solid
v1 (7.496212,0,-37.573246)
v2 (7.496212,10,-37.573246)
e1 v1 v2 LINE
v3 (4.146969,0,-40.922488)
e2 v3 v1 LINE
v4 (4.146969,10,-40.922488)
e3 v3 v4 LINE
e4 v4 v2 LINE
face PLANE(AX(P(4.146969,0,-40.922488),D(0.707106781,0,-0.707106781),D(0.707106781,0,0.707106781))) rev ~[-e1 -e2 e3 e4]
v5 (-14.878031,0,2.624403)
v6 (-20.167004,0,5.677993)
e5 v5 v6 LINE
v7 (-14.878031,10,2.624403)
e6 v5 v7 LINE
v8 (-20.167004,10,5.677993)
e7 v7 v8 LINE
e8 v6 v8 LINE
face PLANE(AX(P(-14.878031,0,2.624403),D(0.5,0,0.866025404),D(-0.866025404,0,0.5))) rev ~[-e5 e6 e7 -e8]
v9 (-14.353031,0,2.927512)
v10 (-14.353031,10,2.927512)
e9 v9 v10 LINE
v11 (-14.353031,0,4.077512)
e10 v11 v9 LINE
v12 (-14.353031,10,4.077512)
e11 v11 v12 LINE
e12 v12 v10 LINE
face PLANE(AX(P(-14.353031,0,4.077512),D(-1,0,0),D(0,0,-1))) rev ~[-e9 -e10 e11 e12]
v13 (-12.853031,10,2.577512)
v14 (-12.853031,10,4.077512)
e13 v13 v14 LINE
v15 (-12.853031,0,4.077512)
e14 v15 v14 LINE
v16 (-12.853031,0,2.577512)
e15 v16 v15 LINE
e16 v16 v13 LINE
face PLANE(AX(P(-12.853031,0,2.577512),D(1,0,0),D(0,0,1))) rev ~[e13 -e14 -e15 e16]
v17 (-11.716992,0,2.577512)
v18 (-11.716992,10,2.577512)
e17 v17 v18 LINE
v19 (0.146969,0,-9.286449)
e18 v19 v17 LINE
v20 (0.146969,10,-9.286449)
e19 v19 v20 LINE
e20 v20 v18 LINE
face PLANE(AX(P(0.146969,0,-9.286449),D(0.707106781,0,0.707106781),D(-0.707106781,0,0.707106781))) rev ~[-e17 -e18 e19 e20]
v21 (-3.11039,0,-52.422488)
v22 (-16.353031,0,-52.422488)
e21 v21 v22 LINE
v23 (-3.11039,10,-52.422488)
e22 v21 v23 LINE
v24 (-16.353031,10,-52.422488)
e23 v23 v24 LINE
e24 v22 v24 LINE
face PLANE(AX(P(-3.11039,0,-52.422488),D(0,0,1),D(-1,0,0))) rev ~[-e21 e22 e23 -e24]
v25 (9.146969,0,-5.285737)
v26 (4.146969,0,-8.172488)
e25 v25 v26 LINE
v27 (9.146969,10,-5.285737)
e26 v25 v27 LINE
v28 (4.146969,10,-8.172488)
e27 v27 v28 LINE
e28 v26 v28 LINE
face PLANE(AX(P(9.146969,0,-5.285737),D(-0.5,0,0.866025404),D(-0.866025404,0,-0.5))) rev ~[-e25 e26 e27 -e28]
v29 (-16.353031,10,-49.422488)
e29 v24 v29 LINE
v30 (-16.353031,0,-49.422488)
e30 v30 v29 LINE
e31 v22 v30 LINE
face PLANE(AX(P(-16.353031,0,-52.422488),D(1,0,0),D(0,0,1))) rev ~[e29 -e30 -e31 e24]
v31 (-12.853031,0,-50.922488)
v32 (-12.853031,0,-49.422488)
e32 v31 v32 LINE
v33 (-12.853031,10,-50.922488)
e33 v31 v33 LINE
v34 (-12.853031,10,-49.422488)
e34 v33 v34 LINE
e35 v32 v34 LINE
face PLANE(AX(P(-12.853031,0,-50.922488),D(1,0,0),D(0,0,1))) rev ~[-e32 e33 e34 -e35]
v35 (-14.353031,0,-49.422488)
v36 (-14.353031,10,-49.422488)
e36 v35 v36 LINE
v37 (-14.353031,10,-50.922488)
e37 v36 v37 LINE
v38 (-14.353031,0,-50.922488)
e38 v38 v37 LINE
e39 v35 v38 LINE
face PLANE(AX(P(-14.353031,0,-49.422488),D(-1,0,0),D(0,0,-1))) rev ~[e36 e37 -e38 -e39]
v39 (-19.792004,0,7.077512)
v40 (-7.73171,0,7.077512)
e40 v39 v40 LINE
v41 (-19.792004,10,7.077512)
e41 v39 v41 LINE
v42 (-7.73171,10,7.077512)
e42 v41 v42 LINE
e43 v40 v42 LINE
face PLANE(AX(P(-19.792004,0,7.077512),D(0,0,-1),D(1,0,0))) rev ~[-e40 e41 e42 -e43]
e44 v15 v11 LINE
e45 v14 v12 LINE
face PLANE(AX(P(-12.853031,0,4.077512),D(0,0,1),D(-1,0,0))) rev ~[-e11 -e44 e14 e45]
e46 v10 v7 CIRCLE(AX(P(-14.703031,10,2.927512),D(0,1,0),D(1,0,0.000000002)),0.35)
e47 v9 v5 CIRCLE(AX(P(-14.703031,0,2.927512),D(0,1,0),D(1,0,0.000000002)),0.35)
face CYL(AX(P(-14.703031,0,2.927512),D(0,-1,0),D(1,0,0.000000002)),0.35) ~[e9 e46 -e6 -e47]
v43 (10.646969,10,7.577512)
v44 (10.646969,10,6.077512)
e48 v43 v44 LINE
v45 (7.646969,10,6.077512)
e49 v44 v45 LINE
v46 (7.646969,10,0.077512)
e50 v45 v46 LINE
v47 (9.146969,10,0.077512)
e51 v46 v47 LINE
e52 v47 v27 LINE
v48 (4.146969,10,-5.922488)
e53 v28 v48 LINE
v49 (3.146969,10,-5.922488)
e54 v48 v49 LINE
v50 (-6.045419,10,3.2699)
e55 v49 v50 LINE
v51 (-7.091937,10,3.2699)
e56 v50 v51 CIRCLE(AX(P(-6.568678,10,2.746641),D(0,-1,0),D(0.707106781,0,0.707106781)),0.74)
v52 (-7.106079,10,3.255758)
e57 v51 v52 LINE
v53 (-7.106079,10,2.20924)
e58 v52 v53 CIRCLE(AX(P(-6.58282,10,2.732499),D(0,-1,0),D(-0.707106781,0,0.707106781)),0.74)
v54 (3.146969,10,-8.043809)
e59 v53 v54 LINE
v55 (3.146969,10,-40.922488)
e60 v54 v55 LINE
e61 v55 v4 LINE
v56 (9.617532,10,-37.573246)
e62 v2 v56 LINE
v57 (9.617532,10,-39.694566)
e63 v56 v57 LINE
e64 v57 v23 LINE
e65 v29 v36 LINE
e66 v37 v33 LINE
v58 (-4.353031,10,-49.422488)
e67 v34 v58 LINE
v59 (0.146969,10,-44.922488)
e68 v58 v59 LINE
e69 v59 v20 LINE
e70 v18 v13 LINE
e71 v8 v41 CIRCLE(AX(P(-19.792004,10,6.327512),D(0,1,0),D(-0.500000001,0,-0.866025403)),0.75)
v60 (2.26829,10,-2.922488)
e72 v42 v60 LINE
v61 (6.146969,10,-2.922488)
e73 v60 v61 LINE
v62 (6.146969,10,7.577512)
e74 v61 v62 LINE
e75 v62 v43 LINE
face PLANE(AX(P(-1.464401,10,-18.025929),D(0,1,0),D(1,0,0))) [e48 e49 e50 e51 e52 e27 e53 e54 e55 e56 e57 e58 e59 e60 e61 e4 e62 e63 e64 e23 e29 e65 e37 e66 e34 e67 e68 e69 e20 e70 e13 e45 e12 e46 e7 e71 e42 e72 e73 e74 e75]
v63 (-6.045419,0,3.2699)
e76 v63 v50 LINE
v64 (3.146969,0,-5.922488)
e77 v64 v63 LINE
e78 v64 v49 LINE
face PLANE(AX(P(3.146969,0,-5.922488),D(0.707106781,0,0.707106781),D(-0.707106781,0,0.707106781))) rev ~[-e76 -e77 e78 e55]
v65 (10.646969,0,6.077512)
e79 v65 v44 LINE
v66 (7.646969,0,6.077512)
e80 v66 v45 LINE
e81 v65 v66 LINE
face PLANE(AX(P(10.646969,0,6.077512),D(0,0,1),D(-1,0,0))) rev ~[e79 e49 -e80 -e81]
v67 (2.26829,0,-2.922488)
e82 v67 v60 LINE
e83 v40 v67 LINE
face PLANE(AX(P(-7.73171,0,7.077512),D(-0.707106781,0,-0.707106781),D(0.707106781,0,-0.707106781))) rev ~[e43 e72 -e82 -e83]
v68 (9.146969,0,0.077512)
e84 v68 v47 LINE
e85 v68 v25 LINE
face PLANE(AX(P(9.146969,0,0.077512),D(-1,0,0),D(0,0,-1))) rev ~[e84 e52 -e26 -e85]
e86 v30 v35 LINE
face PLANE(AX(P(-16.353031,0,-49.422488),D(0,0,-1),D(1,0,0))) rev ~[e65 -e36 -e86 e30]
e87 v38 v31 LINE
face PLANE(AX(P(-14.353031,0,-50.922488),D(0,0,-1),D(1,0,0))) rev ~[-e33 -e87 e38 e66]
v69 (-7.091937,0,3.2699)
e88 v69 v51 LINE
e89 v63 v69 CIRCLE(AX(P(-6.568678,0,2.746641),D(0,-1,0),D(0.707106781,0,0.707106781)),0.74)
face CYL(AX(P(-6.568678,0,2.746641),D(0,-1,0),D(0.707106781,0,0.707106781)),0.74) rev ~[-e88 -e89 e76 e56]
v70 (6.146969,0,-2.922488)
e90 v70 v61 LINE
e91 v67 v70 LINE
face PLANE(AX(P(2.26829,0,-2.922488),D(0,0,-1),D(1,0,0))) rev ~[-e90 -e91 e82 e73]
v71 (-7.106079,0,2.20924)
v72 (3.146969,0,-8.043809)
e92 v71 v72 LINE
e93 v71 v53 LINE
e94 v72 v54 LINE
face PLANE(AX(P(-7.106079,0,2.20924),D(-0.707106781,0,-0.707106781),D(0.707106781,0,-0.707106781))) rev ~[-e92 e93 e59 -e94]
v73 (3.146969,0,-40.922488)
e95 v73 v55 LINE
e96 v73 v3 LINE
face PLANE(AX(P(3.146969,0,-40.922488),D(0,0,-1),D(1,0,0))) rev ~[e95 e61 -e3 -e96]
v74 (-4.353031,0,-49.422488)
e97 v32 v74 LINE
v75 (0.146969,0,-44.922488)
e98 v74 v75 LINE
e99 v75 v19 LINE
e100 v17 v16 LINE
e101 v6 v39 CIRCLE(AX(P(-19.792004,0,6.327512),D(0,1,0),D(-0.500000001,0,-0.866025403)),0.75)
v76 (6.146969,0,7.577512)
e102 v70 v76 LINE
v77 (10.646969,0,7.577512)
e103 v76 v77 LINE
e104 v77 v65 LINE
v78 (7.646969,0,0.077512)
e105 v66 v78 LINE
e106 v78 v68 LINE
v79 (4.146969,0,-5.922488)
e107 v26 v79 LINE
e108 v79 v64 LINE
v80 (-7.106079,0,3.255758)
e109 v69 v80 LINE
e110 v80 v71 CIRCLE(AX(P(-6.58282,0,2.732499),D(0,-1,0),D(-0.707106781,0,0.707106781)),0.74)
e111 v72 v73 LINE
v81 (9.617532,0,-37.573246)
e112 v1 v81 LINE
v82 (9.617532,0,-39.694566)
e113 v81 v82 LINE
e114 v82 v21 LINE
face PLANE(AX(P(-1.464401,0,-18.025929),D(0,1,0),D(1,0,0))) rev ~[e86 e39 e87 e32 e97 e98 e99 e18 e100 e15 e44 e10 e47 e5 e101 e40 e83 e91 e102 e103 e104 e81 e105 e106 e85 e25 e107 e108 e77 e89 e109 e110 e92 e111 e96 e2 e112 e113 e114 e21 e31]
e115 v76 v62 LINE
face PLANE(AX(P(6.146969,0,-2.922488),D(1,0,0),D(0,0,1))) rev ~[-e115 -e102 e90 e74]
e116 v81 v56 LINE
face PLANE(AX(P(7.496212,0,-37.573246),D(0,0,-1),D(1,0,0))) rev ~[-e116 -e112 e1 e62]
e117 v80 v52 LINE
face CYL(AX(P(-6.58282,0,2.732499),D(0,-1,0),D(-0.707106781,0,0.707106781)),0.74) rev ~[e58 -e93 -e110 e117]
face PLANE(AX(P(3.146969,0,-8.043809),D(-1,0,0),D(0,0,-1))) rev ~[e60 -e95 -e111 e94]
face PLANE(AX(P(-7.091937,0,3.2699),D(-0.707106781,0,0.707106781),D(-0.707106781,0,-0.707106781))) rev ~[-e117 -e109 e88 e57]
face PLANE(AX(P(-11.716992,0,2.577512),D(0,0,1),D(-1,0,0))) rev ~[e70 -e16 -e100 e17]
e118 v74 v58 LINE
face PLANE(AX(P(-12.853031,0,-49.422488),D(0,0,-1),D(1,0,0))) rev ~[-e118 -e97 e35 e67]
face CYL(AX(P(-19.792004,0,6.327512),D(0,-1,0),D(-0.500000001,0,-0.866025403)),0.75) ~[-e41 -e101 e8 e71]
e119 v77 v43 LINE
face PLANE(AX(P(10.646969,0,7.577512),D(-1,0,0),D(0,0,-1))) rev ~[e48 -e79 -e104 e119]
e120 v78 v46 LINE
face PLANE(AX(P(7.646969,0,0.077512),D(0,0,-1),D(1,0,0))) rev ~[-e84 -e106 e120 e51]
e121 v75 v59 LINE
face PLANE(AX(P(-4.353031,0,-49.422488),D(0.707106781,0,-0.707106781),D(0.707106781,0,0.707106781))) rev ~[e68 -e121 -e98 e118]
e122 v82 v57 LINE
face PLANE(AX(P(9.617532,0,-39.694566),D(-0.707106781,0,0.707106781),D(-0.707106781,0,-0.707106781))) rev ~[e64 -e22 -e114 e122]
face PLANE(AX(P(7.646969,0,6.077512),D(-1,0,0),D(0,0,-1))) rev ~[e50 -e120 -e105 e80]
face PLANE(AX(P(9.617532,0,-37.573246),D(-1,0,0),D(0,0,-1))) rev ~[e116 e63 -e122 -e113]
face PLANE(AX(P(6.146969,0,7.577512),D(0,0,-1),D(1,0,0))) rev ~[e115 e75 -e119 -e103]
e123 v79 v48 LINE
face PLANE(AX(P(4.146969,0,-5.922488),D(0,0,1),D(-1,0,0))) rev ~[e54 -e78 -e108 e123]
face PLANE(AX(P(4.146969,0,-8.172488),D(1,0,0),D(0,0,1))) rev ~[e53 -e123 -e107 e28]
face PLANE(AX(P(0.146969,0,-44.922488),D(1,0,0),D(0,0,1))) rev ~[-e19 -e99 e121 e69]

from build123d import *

# Parameters (mm, degrees)
EXTRUDE_2_DEPTH = 10


with BuildPart() as part:
    # Эскиз2 → Бобышка-Вытянуть2 (new body)
    with BuildSketch(Plane(origin=(0, 0, 0), x_dir=(1, 0, 0), z_dir=(0, 1, 0))):
        with BuildLine():
            Line((-12.853030774, -2.577511611), (-12.853030774, -4.077511611))
            Line((-12.853030774, -4.077511611), (-14.353030774, -4.077511611))
            Line((-14.353030774, -4.077511611), (-14.353030774, -2.927511611))
            ThreePointArc((-14.353030774, -2.927511611), (-14.528030774, -2.624402719), (-14.878030774, -2.624402719))
            Line((-14.878030774, -2.624402719), (-20.16700352, -5.677992558))
            ThreePointArc((-20.16700352, -5.677992558), (-20.516447889, -6.521625894), (-19.79200352, -7.077511611))
            Line((-19.79200352, -7.077511611), (-7.73171043, -7.077511611))
            Line((-7.73171043, -7.077511611), (2.26828957, 2.922488389))
            Line((2.26828957, 2.922488389), (6.146969226, 2.922488389))
            Line((6.146969226, 2.922488389), (6.146969226, -7.577511611))
            Line((6.146969226, -7.577511611), (10.646969226, -7.577511611))
            Line((10.646969226, -7.577511611), (10.646969226, -6.077511611))
            Line((10.646969226, -6.077511611), (7.646969226, -6.077511611))
            Line((7.646969226, -6.077511611), (7.646969226, -0.077511611))
            Line((7.646969226, -0.077511611), (9.146969226, -0.077511611))
            Line((9.146969226, -0.077511611), (9.146969226, 5.285737044))
            Line((9.146969226, 5.285737044), (4.146969226, 8.172488389))
            Line((4.146969226, 8.172488389), (4.146969226, 5.922488389))
            Line((4.146969226, 5.922488389), (3.146969226, 5.922488389))
            Line((3.146969226, 5.922488389), (-6.045418929, -3.269899766))
            ThreePointArc((-6.045418929, -3.269899766), (-6.568677947, -3.486640748), (-7.091936965, -3.269899766))
            Line((-7.091936965, -3.269899766), (-7.106079101, -3.25575763))
            ThreePointArc((-7.106079101, -3.25575763), (-7.322820083, -2.732498612), (-7.106079101, -2.209239594))
            Line((-7.106079101, -2.209239594), (3.146969226, 8.043808733))
            Line((3.146969226, 8.043808733), (3.146969226, 40.922488389))
            Line((3.146969226, 40.922488389), (4.146969226, 40.922488389))
            Line((4.146969226, 40.922488389), (7.496211631, 37.573245985))
            Line((7.496211631, 37.573245985), (9.617531975, 37.573245985))
            Line((9.617531975, 37.573245985), (9.617531975, 39.694566328))
            Line((9.617531975, 39.694566328), (-3.110390087, 52.422488389))
            Line((-3.110390087, 52.422488389), (-16.353030774, 52.422488389))
            Line((-16.353030774, 52.422488389), (-16.353030774, 49.422488389))
            Line((-16.353030774, 49.422488389), (-14.353030774, 49.422488389))
            Line((-14.353030774, 49.422488389), (-14.353030774, 50.922488389))
            Line((-14.353030774, 50.922488389), (-12.853030774, 50.922488389))
            Line((-12.853030774, 50.922488389), (-12.853030774, 49.422488389))
            Line((-12.853030774, 49.422488389), (-4.353030774, 49.422488389))
            Line((-4.353030774, 49.422488389), (0.146969226, 44.922488389))
            Line((0.146969226, 44.922488389), (0.146969226, 9.28644942))
            Line((0.146969226, 9.28644942), (-11.716991804, -2.577511611))
            Line((-11.716991804, -2.577511611), (-12.853030774, -2.577511611))
        make_face()
    extrude(amount=EXTRUDE_2_DEPTH)


solid = part.part
